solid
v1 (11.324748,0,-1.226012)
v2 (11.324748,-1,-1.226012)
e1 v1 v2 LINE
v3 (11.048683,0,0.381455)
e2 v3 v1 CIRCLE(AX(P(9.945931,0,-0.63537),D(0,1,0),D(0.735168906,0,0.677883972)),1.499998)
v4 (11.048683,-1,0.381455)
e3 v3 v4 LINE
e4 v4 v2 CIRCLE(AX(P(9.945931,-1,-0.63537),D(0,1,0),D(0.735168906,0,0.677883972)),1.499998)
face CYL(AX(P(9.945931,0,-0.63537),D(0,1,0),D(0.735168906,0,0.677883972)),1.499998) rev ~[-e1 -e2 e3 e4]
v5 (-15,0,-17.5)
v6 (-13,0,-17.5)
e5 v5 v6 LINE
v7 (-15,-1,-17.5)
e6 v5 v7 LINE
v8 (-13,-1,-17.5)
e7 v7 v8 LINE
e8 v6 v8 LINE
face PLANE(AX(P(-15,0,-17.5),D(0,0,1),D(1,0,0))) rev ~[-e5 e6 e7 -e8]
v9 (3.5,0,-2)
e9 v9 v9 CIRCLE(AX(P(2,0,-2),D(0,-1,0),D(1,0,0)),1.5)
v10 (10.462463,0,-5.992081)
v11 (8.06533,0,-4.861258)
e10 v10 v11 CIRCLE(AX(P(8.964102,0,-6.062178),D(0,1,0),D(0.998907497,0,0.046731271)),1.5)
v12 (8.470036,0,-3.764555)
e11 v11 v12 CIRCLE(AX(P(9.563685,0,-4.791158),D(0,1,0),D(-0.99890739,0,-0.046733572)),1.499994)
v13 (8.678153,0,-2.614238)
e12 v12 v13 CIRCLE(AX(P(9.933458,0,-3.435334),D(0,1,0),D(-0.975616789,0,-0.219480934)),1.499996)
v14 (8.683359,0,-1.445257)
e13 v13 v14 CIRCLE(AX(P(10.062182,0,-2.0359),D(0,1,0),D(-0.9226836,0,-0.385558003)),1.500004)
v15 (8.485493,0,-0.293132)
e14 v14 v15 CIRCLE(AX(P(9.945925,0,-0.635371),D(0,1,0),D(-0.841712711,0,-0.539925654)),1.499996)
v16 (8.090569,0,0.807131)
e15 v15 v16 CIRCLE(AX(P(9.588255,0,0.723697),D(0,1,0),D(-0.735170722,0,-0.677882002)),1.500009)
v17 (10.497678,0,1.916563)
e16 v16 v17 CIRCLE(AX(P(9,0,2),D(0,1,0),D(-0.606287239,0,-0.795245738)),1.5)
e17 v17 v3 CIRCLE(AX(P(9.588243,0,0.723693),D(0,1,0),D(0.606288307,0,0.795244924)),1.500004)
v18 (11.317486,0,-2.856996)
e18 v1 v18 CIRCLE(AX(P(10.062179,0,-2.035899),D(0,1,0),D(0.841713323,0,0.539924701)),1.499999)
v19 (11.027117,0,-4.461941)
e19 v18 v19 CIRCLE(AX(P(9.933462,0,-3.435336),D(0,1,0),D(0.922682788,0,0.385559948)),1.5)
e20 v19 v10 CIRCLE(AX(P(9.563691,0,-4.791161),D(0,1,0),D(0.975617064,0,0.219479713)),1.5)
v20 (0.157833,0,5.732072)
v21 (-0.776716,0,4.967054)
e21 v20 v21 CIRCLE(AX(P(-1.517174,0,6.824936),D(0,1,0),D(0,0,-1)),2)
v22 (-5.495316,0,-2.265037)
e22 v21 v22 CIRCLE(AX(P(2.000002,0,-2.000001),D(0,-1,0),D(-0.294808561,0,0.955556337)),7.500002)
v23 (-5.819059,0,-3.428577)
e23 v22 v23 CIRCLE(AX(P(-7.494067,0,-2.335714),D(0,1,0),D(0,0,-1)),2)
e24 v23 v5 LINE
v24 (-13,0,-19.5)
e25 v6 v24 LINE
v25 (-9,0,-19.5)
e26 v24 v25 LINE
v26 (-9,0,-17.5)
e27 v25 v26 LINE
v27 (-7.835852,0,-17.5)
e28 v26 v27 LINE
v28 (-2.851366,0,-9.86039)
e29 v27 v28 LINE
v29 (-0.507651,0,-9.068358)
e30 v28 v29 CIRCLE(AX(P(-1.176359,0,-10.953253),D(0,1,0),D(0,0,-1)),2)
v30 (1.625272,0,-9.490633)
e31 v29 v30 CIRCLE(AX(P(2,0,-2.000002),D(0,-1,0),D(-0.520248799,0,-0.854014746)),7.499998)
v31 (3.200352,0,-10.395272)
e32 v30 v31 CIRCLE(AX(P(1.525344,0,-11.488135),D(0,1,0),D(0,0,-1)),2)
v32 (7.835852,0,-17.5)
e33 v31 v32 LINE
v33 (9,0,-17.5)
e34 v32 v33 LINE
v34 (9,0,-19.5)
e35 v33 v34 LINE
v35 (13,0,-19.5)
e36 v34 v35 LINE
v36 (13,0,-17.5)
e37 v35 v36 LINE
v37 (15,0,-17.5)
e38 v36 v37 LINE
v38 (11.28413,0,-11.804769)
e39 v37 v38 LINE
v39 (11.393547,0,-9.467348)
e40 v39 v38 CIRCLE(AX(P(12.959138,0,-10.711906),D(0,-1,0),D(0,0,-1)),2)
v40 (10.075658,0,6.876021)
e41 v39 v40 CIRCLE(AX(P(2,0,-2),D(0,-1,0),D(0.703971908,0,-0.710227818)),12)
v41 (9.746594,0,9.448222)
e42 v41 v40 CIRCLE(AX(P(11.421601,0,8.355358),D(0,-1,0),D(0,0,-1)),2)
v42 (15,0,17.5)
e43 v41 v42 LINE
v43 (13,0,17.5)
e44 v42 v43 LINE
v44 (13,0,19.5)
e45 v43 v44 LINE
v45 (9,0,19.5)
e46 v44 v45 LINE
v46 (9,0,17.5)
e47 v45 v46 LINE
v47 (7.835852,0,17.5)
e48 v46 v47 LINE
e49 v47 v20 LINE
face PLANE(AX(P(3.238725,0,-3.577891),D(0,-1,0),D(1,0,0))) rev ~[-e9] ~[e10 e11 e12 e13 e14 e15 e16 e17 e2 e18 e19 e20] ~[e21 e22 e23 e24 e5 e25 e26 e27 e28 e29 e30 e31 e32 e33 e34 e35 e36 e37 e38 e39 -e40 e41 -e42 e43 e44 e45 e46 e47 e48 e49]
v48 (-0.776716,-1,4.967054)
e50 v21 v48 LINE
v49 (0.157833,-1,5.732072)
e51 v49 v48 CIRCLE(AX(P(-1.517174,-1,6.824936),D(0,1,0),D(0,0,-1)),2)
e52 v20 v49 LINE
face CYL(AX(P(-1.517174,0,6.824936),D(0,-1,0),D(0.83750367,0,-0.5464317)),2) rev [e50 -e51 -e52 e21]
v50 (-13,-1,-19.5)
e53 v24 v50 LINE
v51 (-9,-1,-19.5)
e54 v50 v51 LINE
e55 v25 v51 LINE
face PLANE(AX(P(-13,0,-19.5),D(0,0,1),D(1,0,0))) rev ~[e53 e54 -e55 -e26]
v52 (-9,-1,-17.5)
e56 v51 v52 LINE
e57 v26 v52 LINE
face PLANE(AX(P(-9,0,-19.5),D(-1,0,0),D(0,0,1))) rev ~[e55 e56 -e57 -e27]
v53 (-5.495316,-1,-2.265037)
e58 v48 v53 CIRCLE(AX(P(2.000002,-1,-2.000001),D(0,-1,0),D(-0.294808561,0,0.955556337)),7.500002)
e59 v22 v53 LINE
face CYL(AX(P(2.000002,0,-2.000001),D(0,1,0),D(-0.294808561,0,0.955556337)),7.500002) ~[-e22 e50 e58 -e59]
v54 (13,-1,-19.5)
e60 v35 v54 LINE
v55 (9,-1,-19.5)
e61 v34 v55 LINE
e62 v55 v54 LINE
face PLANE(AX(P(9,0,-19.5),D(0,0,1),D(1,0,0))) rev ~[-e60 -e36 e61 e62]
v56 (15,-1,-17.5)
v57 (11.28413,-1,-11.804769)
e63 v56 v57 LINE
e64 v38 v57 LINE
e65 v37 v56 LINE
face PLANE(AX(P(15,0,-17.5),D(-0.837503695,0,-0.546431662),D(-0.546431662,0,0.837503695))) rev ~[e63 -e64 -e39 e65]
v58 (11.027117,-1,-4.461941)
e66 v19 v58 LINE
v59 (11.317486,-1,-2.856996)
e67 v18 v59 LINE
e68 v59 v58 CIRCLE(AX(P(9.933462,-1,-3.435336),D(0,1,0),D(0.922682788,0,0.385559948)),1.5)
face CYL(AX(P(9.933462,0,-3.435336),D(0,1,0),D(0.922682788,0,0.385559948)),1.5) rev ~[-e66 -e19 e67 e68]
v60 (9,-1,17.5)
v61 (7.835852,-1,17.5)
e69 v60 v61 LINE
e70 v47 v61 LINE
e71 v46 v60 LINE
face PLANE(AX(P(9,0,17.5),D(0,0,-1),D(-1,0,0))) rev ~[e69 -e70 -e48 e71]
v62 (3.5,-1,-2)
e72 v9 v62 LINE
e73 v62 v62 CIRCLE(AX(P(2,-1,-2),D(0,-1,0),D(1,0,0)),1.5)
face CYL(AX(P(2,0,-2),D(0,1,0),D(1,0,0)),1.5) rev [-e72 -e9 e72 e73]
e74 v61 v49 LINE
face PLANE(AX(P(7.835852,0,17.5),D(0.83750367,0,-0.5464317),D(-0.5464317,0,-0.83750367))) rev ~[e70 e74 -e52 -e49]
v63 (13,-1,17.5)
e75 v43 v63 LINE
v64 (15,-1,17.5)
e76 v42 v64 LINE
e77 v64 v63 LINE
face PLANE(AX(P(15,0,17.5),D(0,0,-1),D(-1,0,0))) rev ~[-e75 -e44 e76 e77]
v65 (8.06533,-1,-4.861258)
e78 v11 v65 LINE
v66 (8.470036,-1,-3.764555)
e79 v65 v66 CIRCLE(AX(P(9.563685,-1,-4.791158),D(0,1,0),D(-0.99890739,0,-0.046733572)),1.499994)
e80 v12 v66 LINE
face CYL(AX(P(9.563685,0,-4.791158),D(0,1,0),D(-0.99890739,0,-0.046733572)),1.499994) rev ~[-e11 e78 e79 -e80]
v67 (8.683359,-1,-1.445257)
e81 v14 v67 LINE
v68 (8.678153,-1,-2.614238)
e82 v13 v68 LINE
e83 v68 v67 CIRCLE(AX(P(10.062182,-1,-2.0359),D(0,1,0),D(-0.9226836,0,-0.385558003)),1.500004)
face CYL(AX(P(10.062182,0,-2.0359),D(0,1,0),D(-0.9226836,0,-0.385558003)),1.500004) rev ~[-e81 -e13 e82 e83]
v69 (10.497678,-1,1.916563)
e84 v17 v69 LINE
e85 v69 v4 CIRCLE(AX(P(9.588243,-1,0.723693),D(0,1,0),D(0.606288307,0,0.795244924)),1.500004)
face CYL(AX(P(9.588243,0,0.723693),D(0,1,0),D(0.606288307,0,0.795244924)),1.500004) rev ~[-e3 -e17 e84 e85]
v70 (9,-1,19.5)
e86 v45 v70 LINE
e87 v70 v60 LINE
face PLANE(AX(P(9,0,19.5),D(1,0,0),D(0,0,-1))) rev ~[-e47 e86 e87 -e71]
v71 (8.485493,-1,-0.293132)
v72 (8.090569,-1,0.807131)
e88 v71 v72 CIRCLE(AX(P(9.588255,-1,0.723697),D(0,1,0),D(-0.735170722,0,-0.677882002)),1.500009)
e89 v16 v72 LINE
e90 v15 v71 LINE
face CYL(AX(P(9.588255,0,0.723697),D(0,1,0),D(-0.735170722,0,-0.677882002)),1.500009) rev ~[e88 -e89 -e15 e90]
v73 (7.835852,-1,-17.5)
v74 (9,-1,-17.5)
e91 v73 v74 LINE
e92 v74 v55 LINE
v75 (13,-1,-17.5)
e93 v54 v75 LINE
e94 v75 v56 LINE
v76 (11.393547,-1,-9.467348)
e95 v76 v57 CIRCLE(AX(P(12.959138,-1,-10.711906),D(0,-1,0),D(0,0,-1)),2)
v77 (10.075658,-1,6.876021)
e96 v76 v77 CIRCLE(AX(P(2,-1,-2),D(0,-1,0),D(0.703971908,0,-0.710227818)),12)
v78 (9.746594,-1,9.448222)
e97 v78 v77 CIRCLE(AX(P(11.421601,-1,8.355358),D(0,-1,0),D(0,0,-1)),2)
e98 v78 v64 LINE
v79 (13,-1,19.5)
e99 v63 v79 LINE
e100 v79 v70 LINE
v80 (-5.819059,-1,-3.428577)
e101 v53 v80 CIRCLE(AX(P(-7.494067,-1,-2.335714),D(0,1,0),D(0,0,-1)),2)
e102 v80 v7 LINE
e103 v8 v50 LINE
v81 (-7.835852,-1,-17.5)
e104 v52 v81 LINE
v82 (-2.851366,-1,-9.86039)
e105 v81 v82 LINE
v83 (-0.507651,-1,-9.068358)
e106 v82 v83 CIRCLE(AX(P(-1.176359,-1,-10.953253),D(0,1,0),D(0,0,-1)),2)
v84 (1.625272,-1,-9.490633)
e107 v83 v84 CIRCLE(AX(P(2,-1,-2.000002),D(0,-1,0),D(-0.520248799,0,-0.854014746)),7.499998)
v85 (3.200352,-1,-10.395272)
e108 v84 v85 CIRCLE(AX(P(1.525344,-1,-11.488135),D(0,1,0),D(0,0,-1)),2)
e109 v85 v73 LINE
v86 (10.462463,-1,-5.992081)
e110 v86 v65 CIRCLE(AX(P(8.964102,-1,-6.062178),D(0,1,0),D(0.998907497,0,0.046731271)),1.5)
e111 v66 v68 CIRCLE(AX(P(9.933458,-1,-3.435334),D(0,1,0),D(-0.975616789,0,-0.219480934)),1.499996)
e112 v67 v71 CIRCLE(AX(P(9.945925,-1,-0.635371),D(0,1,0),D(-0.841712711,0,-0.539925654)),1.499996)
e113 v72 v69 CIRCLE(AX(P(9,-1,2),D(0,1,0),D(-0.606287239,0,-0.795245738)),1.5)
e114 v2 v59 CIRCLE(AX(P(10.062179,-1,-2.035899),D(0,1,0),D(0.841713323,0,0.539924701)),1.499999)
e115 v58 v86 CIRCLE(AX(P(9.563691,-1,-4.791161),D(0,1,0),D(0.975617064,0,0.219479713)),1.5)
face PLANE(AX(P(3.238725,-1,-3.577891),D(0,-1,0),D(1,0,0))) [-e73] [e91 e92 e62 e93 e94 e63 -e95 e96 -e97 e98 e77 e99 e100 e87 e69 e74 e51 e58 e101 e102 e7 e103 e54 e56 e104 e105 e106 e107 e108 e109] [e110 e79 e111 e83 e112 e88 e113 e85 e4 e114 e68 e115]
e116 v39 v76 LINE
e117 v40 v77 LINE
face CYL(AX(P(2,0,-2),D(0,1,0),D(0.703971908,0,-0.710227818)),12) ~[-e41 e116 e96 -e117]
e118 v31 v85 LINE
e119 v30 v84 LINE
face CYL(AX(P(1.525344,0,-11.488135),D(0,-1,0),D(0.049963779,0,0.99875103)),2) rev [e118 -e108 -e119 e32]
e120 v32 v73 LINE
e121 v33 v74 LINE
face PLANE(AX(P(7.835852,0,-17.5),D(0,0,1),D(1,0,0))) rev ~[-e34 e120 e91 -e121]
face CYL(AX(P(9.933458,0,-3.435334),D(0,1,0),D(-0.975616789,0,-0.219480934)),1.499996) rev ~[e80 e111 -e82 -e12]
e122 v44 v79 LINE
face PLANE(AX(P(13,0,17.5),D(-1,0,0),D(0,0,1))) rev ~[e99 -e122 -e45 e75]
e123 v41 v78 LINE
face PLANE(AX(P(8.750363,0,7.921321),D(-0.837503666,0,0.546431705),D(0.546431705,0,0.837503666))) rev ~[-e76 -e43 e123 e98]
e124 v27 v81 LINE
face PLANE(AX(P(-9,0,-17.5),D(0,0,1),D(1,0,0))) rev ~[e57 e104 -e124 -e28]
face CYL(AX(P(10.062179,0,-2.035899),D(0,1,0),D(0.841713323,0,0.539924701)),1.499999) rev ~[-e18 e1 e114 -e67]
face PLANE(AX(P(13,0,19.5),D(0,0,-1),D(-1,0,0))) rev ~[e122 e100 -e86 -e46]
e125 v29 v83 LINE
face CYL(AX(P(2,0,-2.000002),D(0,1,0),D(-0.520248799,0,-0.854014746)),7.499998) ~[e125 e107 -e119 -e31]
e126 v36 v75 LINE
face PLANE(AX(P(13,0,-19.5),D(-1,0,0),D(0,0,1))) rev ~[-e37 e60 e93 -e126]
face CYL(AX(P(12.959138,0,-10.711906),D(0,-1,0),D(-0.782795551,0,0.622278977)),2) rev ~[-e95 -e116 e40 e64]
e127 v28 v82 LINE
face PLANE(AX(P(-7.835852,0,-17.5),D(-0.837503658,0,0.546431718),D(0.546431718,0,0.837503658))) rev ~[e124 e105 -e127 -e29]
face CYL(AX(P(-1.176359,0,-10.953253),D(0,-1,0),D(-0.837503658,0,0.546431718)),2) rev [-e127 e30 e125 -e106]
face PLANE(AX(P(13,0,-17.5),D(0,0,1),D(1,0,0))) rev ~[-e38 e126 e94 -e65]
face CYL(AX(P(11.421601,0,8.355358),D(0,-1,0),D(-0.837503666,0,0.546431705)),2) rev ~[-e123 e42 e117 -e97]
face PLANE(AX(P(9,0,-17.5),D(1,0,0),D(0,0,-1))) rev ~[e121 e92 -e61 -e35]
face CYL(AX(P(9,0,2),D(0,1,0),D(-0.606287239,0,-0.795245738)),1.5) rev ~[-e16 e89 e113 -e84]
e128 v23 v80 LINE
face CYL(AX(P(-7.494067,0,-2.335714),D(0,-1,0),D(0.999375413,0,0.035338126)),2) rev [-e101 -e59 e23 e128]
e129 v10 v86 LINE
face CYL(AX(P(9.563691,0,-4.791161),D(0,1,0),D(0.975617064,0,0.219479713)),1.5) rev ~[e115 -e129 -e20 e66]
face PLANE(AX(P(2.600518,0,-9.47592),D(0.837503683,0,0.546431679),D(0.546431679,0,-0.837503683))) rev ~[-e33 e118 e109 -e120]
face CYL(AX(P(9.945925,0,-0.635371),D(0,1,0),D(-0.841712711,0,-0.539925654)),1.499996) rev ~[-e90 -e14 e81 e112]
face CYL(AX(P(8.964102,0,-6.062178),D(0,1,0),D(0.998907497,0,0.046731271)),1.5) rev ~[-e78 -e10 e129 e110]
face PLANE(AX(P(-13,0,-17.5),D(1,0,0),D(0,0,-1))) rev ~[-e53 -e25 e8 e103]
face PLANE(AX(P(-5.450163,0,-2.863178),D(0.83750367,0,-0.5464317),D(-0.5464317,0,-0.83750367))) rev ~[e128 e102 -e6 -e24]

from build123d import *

# Parameters (mm, degrees)
F0_R     = 1.5
F1_DEPTH = 1
F2_R     = 2


with BuildPart() as f1:
    # F0 (on Front) → F1 (new body)
    with BuildSketch(Plane.XZ):
        with BuildLine():
            Line((9, 17.5), (7.835852, 17.5))
            Line((7.835852, 17.5), (-0.211063, 5.166673))
            ThreePointArc((-0.211063, 5.166673), (-4.281277, 2.098238), (-5.450163, -2.863178))
            Line((-5.450163, -2.863178), (-15, -17.5))
            Line((-15, -17.5), (-13, -17.5))
            Line((-13, -17.5), (-13, -19.5))
            Line((-13, -19.5), (-9, -19.5))
            Line((-9, -19.5), (-9, -17.5))
            Line((-9, -17.5), (-7.835852, -17.5))
            Line((-7.835852, -17.5), (-1.901865, -8.405111))
            ThreePointArc((-1.901865, -8.405111), (0.264667, -9.29648), (2.600518, -9.47592))
            Line((2.600518, -9.47592), (7.835852, -17.5))
            Line((7.835852, -17.5), (9, -17.5))
            Line((9, -17.5), (9, -19.5))
            Line((9, -19.5), (13, -19.5))
            Line((13, -19.5), (13, -17.5))
            Line((13, -17.5), (15, -17.5))
            Line((15, -17.5), (10.447663, -10.522734))
            ThreePointArc((10.447663, -10.522734), (13.94951, -0.900356), (8.750363, 7.921321))
            Line((8.750363, 7.921321), (15, 17.5))
            Line((15, 17.5), (13, 17.5))
            Line((13, 17.5), (13, 19.5))
            Line((13, 19.5), (9, 19.5))
            Line((9, 19.5), (9, 17.5))
        make_face()
        with Locations((2, -2)):
            Circle(F0_R, mode=Mode.SUBTRACT)
        with BuildLine():
            ThreePointArc((8.090569, 0.807131), (8.372132, 3.362271), (10.497678, 1.916563))
            ThreePointArc((10.497678, 1.916563), (11.000056, 1.230443), (11.048683, 0.381455))
            ThreePointArc((11.048683, 0.381455), (11.424286, -0.381478), (11.324748, -1.226012))
            ThreePointArc((11.324748, -1.226012), (11.562163, -2.042577), (11.317486, -2.856996))
            ThreePointArc((11.317486, -2.856996), (11.409499, -3.702383), (11.027117, -4.461941))
            ThreePointArc((11.027117, -4.461941), (10.970932, -5.310462), (10.462463, -5.992081))
            ThreePointArc((10.462463, -5.992081), (8.324127, -7.418803), (8.06533, -4.861258))
            ThreePointArc((8.06533, -4.861258), (8.15645, -4.271859), (8.470036, -3.764555))
            ThreePointArc((8.470036, -3.764555), (8.457424, -3.168288), (8.678153, -2.614238))
            ThreePointArc((8.678153, -2.614238), (8.562193, -2.029219), (8.683359, -1.445257))
            ThreePointArc((8.683359, -1.445257), (8.467572, -0.889263), (8.485493, -0.293132))
            ThreePointArc((8.485493, -0.293132), (8.176438, 0.216945), (8.090569, 0.807131))
        make_face(mode=Mode.SUBTRACT)
    extrude(amount=F1_DEPTH)

    # F2
    f2_edges = [f1.edges().sort_by_distance(p)[0] for p in [
        (-1.901865, -0.5, -8.405111),
        (2.600518, -0.5, -9.47592),
        (10.447663, -0.5, -10.522734),
        (8.750363, -0.5, 7.921321),
        (-0.211063, -0.5, 5.166673),
        (-5.450163, -0.5, -2.863178),
    ]]
    fillet(f2_edges, radius=F2_R)


solid = f1.part
